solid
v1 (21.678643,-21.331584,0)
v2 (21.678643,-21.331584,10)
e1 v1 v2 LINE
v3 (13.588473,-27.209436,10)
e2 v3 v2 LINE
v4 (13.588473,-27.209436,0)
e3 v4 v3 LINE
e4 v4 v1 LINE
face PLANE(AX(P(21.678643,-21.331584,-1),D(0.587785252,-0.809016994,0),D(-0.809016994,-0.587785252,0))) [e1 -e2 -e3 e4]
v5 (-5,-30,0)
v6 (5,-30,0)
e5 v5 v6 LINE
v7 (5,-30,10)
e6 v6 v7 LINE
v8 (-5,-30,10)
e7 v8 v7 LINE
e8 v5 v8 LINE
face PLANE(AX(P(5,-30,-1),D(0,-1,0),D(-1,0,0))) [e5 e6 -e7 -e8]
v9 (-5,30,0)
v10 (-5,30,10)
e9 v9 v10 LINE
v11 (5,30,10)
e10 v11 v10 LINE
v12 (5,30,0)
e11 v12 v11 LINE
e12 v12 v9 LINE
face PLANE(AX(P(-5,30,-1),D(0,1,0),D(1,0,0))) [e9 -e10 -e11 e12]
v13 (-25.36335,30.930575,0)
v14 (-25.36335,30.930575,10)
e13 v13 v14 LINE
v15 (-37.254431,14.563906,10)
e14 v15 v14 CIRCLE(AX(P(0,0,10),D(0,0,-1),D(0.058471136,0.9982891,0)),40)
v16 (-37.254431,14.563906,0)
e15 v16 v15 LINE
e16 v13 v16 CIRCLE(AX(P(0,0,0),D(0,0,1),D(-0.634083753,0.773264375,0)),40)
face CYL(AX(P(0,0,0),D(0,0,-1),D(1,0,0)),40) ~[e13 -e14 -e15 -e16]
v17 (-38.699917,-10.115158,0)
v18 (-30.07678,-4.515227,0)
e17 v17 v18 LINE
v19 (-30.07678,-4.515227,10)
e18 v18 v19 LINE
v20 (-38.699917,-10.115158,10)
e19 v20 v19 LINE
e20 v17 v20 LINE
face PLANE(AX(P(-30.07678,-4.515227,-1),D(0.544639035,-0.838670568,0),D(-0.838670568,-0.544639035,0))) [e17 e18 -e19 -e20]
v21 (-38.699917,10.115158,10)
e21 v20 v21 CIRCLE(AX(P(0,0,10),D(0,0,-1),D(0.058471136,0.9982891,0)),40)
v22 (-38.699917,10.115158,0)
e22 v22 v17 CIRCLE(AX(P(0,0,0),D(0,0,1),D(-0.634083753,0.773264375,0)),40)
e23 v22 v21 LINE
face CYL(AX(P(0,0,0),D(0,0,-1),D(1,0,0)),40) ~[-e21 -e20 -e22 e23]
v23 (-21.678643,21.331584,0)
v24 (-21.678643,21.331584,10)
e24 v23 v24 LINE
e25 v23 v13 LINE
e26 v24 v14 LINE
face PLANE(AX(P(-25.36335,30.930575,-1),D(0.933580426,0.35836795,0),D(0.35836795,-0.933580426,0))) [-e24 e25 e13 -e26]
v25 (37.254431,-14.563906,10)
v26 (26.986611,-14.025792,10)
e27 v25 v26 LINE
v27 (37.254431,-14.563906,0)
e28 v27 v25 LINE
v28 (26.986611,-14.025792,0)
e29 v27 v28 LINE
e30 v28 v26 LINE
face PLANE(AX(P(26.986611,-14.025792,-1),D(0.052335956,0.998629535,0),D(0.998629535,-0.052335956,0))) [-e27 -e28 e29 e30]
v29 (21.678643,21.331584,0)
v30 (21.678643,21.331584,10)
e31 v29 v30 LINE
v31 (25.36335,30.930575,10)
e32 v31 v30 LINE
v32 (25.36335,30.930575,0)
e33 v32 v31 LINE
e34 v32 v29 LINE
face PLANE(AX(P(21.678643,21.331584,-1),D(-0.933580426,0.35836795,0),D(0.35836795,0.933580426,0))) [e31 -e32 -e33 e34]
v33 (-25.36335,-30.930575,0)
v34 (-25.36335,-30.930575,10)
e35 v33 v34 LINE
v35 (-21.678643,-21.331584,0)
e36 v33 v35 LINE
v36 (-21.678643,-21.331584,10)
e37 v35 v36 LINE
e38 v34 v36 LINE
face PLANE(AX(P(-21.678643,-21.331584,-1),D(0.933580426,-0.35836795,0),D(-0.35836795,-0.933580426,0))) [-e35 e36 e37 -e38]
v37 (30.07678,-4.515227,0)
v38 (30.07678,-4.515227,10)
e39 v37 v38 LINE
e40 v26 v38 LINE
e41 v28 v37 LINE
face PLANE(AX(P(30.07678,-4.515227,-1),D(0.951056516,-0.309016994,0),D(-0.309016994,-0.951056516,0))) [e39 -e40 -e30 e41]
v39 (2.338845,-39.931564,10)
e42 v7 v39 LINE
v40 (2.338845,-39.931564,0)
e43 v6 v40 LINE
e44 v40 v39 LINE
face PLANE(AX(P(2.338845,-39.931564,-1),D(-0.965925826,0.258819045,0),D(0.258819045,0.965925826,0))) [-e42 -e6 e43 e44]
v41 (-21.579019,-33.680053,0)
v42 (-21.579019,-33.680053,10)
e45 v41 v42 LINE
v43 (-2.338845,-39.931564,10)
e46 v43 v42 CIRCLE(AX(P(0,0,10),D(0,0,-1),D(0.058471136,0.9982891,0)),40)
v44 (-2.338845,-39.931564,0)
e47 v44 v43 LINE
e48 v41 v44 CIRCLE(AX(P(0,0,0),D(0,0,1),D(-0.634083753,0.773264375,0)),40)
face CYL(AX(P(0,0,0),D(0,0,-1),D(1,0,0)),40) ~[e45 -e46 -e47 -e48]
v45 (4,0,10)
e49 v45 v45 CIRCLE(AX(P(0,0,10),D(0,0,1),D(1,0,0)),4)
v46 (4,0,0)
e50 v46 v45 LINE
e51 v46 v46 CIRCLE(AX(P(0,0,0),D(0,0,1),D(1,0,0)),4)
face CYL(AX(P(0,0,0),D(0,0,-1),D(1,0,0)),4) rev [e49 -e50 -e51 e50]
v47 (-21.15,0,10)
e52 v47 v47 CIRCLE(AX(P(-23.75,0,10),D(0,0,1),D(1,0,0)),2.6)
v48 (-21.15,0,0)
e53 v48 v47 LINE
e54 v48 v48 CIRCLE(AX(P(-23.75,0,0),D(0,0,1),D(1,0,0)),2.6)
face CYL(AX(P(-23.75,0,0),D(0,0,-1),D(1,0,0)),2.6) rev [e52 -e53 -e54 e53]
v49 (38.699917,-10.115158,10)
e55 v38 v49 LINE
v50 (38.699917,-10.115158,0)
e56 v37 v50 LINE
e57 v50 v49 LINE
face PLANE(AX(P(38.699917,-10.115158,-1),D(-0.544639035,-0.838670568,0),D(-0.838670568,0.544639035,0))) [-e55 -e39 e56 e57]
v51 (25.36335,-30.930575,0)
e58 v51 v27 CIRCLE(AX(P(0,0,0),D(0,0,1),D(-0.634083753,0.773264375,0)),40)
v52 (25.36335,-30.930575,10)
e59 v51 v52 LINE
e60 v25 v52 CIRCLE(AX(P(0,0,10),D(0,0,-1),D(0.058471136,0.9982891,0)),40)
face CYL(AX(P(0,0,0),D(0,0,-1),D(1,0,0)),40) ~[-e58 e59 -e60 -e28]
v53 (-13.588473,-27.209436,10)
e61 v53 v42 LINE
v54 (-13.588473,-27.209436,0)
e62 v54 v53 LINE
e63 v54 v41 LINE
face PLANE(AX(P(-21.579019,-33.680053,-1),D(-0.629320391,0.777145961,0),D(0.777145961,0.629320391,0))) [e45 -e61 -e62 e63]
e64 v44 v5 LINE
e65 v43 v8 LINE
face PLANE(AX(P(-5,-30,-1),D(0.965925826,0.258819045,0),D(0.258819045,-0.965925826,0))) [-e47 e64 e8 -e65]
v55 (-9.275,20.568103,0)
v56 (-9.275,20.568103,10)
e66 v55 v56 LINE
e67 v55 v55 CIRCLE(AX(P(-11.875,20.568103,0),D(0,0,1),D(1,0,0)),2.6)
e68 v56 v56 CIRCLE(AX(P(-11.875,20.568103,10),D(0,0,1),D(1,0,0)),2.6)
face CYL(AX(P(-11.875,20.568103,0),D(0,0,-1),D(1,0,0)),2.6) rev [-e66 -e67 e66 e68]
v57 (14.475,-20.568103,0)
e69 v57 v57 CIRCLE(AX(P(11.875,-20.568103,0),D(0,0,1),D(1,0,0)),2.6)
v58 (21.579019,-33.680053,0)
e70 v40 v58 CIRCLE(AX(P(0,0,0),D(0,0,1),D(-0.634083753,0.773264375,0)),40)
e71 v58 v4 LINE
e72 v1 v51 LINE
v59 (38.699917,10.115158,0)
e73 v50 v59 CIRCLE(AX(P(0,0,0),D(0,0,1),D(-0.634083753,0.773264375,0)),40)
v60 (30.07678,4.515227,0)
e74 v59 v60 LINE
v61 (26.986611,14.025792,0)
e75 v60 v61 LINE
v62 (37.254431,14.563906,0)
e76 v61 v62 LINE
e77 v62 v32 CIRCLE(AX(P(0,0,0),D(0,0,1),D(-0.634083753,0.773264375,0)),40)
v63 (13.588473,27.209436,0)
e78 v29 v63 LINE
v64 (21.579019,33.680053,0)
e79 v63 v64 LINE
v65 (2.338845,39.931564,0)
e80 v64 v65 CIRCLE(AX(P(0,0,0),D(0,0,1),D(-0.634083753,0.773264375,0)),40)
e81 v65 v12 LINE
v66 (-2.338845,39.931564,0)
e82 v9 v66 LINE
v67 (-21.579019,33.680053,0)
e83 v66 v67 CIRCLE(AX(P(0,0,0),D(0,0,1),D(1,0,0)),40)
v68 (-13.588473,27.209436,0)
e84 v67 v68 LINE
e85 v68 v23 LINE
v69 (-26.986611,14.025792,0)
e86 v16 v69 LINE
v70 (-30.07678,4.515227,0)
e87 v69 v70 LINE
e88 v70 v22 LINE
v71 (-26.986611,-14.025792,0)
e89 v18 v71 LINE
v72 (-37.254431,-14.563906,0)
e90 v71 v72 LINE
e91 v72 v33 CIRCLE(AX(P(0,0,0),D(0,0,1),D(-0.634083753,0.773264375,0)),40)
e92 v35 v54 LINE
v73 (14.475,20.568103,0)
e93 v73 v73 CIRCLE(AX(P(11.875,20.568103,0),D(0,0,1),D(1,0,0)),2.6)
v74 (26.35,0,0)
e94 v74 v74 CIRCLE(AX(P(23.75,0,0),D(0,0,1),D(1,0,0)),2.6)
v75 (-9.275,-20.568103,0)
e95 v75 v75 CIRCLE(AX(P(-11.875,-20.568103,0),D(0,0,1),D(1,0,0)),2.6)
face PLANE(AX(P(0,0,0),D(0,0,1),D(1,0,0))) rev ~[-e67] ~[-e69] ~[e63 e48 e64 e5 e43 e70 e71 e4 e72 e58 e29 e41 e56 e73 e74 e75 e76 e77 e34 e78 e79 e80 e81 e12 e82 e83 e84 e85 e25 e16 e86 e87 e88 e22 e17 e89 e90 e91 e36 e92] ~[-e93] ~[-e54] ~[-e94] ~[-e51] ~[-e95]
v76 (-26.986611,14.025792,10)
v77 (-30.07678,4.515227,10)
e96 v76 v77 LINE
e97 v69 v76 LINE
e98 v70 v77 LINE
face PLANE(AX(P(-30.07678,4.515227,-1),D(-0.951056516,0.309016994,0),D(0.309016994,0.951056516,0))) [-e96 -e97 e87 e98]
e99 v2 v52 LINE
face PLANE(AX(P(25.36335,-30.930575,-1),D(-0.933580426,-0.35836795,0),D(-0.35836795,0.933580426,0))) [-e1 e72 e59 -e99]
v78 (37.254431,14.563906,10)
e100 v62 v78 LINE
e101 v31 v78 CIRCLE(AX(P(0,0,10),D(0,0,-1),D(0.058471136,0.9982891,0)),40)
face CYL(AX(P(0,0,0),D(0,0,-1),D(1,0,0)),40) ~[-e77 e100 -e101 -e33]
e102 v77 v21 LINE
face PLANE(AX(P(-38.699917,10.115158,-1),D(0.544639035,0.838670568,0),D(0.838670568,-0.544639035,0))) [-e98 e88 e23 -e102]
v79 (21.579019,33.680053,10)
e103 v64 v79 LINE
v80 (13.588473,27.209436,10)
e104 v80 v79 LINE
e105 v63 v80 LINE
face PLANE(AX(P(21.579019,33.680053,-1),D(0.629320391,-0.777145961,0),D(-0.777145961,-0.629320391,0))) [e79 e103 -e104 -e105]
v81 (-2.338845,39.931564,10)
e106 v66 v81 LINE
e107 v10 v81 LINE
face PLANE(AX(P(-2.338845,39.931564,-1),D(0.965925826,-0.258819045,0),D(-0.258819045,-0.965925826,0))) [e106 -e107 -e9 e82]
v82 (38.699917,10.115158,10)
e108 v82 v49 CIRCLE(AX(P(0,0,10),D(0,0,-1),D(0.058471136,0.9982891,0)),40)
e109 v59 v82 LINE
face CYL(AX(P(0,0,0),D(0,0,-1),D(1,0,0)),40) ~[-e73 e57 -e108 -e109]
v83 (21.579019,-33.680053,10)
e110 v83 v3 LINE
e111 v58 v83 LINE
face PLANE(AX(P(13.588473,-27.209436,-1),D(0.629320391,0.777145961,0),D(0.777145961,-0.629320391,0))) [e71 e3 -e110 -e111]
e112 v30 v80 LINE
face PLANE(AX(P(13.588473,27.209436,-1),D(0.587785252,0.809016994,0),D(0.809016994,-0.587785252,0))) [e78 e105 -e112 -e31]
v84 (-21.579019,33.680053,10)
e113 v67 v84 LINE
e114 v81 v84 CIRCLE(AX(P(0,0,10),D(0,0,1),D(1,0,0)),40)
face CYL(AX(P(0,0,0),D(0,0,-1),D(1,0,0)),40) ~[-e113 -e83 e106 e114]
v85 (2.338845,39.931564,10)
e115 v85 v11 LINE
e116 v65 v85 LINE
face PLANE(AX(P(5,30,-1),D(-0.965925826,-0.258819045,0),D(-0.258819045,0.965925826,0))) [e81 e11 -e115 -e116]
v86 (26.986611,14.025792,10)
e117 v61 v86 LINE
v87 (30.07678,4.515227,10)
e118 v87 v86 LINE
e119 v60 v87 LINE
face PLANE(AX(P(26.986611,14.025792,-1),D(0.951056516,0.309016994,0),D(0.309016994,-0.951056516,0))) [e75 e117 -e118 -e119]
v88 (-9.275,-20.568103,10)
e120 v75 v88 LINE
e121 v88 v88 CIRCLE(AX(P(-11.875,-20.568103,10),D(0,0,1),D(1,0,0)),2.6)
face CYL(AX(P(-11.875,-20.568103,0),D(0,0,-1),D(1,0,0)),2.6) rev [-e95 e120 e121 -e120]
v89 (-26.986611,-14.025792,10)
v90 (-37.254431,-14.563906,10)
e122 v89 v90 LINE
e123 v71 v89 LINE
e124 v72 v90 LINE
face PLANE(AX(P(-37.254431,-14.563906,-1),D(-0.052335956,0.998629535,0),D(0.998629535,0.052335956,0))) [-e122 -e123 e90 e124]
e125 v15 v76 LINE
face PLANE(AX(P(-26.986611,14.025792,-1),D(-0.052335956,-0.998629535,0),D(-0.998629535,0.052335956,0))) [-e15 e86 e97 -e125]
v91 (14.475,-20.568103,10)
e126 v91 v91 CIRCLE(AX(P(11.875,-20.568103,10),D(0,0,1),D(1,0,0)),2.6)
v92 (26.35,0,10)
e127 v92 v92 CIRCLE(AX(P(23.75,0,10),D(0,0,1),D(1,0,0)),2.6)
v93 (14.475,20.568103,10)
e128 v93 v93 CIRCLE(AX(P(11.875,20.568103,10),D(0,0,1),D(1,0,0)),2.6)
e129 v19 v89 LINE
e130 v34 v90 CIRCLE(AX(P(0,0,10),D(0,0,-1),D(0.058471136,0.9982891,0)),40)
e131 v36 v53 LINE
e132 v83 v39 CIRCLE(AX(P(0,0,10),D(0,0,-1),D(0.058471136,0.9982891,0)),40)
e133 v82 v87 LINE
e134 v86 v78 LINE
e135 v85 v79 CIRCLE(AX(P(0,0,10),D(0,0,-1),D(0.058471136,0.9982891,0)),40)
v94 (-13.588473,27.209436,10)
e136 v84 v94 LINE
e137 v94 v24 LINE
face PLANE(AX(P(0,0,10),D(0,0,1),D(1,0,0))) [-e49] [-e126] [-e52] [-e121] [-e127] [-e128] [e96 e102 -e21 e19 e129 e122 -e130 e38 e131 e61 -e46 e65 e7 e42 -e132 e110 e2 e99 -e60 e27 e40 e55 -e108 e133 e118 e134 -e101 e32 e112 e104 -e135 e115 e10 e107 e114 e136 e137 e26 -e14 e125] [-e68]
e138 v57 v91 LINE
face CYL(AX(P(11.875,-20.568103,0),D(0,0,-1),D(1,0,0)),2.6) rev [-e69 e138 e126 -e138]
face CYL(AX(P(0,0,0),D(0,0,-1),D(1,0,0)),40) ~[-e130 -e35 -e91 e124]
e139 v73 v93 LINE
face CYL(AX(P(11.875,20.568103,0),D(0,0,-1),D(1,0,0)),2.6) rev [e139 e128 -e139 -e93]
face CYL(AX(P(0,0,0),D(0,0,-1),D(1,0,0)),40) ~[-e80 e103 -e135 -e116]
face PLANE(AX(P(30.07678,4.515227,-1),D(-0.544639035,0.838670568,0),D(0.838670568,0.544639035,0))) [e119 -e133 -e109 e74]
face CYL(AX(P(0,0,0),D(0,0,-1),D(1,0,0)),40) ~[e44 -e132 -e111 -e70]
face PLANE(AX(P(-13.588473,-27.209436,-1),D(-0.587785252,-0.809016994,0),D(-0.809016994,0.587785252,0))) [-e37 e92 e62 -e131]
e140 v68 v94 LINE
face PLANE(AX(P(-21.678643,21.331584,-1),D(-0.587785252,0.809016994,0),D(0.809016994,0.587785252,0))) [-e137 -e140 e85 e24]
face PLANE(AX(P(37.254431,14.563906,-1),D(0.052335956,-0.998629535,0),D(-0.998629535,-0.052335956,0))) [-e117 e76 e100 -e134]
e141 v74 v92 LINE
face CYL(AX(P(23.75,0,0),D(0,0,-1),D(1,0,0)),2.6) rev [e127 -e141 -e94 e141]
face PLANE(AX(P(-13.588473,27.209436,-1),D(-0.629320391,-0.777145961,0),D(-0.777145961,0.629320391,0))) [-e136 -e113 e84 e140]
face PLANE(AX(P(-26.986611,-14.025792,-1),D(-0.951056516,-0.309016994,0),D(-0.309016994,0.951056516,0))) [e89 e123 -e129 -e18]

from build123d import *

# Parameters (mm, degrees)
SKETCH1_R           = 40
SKETCH1_R_2         = 4
SKETCH1_R_3         = 2.6
BOSS_EXTRUDE1_DEPTH = 10
CUT_EXTRUDE1_START  = -11
CUT_EXTRUDE1_DEPTH  = 12
CIRPATTERN1_COUNT   = 10


with BuildPart() as part:
    # Sketch1 → Boss-Extrude1 (new body)
    with BuildSketch(Plane.XY):
        Circle(SKETCH1_R)
        Circle(SKETCH1_R_2, mode=Mode.SUBTRACT)
        with Locations((-23.75, 0)):
            Circle(SKETCH1_R_3, mode=Mode.SUBTRACT)
        with Locations((-11.875, 20.56810334)):
            Circle(SKETCH1_R_3, mode=Mode.SUBTRACT)
        with Locations((11.875, 20.56810334)):
            Circle(SKETCH1_R_3, mode=Mode.SUBTRACT)
        with Locations((23.75, 0)):
            Circle(SKETCH1_R_3, mode=Mode.SUBTRACT)
        with Locations((11.875, -20.56810334)):
            Circle(SKETCH1_R_3, mode=Mode.SUBTRACT)
        with Locations((-11.875, -20.56810334)):
            Circle(SKETCH1_R_3, mode=Mode.SUBTRACT)
    extrude(amount=BOSS_EXTRUDE1_DEPTH)

    # Sketch3 → Cut-Extrude1 (cut)
    with BuildSketch(Plane.XY.offset(10).offset(CUT_EXTRUDE1_START)):
        Polygon((47.070941398, 224.331398897), (-2.338845452, 39.931563981), (-5, 30), (5, 30), (2.338845452, 39.931563981), (-47.070941398, 224.331398897), (-47.070941398, -157.478114623), (47.070941398, -157.478114623), align=None)
    cut_extrude1 = extrude(amount=CUT_EXTRUDE1_DEPTH, mode=Mode.SUBTRACT)

    # CirPattern1: Cut-Extrude1 ×10 about axis
    cirpattern1_axis = Axis((0, 0, 10), (0, 0, 1))
    for i in range(1, CIRPATTERN1_COUNT):
        add(cut_extrude1.rotate(cirpattern1_axis, i * 360 / CIRPATTERN1_COUNT), mode=Mode.SUBTRACT)


solid = part.part
